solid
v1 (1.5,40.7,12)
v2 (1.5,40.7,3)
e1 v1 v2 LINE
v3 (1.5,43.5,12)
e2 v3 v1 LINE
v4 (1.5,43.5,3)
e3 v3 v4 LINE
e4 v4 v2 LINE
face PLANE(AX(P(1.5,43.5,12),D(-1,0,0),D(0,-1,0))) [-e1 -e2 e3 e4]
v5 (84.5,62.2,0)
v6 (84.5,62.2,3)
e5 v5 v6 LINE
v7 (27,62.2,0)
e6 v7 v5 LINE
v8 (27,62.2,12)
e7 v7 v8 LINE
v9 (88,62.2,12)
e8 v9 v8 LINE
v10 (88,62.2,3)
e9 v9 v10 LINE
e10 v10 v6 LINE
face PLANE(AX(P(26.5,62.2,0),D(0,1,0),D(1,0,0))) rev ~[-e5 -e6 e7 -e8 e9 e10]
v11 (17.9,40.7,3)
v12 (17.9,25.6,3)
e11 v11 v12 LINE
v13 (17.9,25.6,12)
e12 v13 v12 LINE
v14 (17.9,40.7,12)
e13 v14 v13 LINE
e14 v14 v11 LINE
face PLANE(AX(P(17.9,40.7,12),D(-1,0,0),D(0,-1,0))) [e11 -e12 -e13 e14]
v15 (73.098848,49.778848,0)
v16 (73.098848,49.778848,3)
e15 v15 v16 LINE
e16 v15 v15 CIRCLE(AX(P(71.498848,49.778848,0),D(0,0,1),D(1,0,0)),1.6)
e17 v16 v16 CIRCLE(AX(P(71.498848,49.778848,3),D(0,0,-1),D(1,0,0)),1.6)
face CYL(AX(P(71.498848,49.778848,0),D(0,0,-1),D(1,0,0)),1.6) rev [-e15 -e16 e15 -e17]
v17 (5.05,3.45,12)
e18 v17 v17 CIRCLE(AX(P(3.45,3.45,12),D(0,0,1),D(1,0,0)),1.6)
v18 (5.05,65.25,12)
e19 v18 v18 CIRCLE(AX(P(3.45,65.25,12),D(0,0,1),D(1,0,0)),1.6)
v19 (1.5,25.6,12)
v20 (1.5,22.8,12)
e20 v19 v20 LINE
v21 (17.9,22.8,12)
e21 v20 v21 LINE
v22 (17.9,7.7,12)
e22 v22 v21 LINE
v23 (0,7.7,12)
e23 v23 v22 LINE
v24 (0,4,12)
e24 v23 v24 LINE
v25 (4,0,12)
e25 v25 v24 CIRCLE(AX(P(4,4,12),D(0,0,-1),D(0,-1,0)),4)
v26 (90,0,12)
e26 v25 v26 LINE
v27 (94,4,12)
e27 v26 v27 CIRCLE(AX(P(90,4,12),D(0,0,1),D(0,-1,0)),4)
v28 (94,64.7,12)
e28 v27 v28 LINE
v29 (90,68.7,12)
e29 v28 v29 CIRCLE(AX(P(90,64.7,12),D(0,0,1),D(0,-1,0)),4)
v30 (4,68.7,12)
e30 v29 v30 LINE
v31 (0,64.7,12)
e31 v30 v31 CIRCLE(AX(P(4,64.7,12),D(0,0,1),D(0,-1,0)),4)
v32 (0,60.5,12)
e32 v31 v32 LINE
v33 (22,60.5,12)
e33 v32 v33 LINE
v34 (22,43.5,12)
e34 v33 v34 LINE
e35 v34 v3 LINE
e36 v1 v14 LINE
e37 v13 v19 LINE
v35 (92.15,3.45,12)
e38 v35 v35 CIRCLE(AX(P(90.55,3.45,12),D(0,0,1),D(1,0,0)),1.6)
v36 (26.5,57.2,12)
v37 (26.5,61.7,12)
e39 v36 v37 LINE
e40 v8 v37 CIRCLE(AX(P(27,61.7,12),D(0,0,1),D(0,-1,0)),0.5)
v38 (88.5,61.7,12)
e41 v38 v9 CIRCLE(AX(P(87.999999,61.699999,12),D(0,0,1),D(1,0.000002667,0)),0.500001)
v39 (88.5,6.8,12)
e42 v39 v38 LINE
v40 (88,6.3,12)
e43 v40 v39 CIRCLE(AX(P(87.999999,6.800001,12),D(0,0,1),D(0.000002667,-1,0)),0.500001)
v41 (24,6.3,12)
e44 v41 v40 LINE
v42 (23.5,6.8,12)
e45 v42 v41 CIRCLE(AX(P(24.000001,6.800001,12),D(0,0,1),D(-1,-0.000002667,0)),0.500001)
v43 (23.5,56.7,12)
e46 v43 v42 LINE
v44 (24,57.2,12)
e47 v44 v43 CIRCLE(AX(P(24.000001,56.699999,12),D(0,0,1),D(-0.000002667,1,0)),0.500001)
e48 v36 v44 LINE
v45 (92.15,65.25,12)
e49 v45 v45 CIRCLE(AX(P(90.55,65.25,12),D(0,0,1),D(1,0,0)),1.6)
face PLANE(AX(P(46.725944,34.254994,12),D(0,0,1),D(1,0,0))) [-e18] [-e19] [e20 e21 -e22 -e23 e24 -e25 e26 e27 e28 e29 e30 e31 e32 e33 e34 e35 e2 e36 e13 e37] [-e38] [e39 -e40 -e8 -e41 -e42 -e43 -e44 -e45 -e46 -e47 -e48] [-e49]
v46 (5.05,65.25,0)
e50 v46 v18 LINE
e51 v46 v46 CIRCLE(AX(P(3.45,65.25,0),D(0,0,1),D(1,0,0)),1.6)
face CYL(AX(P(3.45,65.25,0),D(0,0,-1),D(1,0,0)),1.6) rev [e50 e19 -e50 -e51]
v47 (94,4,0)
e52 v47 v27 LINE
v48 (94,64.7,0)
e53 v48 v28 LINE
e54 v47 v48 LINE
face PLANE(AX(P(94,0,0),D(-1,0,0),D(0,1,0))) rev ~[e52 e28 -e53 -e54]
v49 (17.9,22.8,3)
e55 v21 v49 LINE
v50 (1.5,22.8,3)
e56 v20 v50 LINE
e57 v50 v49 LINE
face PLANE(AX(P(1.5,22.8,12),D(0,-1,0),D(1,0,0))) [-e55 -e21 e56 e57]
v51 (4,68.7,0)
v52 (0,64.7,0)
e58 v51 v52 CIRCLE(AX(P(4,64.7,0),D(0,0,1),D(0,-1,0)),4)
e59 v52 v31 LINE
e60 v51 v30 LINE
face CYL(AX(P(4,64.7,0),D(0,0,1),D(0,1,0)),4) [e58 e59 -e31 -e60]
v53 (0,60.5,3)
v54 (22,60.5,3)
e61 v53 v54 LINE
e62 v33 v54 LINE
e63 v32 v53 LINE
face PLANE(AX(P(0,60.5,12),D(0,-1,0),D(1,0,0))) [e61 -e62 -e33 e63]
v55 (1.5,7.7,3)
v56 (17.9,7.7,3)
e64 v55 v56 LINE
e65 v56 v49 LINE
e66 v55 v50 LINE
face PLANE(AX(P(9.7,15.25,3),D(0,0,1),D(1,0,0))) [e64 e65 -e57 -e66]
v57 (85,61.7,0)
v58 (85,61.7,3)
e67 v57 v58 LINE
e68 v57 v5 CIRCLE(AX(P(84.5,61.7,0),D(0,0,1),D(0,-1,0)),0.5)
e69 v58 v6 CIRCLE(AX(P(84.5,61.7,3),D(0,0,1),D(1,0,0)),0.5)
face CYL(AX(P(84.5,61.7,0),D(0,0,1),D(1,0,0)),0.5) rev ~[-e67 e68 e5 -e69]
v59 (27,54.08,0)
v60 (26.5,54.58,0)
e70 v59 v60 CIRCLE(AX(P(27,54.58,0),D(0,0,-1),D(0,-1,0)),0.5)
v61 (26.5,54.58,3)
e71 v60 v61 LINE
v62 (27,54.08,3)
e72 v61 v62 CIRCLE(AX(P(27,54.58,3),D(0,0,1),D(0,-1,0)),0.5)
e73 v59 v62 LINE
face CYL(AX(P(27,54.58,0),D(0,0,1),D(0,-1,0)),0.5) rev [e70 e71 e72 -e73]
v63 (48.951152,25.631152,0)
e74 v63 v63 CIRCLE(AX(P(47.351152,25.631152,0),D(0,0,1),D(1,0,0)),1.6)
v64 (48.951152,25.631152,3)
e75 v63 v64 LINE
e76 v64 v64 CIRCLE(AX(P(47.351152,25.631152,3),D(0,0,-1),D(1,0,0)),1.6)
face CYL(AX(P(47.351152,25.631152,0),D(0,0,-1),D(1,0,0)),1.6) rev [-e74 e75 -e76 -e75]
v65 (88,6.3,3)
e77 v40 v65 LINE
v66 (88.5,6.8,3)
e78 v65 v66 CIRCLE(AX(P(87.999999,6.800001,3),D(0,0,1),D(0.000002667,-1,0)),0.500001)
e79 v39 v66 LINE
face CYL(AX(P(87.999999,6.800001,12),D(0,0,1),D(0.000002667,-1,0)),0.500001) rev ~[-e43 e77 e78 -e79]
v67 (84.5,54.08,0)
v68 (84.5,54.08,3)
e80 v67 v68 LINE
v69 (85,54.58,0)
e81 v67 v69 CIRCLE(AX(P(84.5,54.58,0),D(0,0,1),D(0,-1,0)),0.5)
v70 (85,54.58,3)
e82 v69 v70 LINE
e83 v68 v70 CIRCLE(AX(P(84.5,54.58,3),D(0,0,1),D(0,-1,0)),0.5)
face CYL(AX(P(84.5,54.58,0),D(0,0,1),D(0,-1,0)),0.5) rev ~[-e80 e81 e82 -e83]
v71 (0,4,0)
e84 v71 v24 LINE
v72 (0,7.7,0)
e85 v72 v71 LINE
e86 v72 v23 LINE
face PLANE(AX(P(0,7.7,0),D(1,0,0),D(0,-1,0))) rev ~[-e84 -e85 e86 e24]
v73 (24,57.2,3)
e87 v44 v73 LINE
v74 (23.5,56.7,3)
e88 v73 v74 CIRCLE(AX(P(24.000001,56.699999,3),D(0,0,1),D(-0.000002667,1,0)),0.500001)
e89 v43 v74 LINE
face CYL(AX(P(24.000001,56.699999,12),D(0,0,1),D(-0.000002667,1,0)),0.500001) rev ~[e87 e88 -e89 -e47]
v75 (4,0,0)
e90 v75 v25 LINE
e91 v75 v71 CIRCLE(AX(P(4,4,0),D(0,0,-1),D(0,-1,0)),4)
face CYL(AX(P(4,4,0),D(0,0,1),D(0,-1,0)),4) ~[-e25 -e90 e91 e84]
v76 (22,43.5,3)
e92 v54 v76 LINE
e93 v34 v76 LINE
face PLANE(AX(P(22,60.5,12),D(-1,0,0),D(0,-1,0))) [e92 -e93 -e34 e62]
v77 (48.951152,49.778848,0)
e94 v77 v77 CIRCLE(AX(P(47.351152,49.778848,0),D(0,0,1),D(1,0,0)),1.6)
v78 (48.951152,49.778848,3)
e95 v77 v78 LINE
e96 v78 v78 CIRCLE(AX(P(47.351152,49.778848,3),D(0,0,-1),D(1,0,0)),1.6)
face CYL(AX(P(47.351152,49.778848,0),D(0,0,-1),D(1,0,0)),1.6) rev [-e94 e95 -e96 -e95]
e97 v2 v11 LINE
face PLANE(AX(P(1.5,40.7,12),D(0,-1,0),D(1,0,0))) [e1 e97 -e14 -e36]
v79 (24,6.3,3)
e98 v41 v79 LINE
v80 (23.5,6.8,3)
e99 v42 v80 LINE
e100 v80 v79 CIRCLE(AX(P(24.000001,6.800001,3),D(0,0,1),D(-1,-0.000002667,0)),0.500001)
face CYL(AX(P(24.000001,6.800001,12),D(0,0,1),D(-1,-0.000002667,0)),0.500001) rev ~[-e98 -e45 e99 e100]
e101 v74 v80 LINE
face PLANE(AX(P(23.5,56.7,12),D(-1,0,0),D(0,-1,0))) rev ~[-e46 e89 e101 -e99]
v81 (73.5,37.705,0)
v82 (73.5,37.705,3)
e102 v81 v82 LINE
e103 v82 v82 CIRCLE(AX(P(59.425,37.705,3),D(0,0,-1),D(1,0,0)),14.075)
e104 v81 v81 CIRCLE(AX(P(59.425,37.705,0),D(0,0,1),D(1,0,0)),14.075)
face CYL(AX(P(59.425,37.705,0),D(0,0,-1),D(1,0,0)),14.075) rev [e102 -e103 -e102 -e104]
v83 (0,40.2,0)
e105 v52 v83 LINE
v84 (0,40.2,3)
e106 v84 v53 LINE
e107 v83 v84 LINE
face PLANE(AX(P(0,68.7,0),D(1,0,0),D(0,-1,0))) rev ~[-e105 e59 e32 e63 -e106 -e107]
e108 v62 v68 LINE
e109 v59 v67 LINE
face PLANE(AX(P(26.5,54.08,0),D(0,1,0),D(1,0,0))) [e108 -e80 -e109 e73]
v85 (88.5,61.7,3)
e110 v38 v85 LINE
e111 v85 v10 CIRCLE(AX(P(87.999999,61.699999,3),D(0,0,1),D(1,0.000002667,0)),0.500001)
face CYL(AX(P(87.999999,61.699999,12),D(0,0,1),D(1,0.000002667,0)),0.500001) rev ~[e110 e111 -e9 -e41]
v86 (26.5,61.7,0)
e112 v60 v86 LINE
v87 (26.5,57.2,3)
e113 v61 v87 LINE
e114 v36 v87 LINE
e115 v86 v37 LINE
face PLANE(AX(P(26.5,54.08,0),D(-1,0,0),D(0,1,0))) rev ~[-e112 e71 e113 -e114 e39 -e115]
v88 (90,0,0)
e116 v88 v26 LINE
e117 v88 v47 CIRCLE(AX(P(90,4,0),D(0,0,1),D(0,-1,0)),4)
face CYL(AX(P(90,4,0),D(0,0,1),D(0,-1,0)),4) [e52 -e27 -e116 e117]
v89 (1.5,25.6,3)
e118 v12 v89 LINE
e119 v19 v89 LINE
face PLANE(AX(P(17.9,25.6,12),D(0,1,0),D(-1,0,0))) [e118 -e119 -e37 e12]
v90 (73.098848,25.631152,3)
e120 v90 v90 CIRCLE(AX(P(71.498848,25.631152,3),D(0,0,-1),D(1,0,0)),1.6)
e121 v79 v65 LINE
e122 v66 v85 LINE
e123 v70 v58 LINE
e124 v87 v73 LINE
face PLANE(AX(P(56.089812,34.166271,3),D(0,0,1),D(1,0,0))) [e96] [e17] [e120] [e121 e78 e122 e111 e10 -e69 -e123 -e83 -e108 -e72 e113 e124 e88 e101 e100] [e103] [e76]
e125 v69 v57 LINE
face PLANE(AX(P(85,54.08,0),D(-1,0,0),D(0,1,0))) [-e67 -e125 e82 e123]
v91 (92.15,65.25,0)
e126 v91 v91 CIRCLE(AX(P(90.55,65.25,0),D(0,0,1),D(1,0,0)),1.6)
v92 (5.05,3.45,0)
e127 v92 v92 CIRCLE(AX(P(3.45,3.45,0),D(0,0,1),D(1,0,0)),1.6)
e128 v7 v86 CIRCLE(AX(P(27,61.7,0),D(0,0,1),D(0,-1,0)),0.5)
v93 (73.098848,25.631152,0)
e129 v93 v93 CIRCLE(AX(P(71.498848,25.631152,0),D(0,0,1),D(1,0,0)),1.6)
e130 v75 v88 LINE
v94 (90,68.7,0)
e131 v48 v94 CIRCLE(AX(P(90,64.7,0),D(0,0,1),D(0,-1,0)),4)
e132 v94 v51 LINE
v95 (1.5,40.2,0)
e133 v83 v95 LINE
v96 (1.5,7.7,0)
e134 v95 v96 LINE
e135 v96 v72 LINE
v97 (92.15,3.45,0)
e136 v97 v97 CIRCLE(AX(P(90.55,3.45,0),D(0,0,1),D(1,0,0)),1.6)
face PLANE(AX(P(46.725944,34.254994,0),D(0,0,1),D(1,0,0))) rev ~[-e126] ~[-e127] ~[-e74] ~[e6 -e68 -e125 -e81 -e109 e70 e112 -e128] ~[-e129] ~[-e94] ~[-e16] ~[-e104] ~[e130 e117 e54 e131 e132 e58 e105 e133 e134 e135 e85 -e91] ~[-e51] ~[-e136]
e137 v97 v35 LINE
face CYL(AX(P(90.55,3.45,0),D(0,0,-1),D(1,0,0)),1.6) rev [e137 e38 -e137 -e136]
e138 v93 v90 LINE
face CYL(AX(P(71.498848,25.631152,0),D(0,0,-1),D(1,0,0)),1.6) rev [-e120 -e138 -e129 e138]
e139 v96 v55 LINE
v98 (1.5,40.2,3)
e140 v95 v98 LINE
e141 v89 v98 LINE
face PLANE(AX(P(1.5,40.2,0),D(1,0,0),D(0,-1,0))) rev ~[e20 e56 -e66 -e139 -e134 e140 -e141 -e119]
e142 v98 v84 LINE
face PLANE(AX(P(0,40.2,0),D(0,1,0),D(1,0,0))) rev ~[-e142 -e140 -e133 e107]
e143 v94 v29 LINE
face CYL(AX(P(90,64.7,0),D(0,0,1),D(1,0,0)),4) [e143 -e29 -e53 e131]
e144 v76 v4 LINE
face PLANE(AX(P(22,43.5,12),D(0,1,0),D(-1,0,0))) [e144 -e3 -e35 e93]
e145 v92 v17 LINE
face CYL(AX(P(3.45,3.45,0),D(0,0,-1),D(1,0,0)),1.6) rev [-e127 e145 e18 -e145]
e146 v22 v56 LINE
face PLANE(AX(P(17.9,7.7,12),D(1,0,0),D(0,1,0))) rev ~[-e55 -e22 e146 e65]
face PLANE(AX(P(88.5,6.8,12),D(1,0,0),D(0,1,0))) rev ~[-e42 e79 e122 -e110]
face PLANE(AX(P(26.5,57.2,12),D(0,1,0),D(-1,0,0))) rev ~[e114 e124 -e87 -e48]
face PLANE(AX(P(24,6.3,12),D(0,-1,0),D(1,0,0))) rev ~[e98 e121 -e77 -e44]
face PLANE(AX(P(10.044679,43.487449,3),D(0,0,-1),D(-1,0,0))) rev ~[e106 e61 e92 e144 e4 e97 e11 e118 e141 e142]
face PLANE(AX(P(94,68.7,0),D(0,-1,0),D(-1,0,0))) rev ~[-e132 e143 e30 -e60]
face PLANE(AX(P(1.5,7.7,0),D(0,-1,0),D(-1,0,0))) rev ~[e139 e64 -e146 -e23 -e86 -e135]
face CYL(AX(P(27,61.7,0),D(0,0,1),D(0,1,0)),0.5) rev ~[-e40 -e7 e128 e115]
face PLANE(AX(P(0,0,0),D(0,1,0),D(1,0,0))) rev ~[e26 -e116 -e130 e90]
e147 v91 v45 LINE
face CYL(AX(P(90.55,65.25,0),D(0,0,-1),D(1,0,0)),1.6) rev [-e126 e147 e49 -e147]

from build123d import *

# Parameters (mm, degrees)
SKETCH_R     = 1.6
SKETCH_R_2   = 14.075
SKETCH_W     = 58.5
SKETCH_H     = 8.12
PAD_DEPTH    = 12
FILLET_R     = 0.5
FILLET001_R  = 4
SKETCH001_W  = 16.4
SKETCH001_H  = 15.1
POCKET_DEPTH = 9


with BuildPart() as part:
    # Sketch → Pad (new body)
    with BuildSketch(Plane.XY):
        Polygon((0, 0), (94, 0), (94, 68.7), (0, 68.7), (0, 40.2), (1.5, 40.2), (1.5, 7.7), (0, 7.7), align=None)
        with Locations((3.45, 65.25)):
            Circle(SKETCH_R, mode=Mode.SUBTRACT)
        with Locations((90.55, 65.25)):
            Circle(SKETCH_R, mode=Mode.SUBTRACT)
        with Locations((90.55, 3.45)):
            Circle(SKETCH_R, mode=Mode.SUBTRACT)
        with Locations((3.45, 3.45)):
            Circle(SKETCH_R, mode=Mode.SUBTRACT)
        with Locations((59.425, 37.705)):
            Circle(SKETCH_R_2, mode=Mode.SUBTRACT)
        with Locations((47.351152, 25.631152)):
            Circle(SKETCH_R, mode=Mode.SUBTRACT)
        with Locations((71.498848, 25.631152)):
            Circle(SKETCH_R, mode=Mode.SUBTRACT)
        with Locations((71.498848, 49.778848)):
            Circle(SKETCH_R, mode=Mode.SUBTRACT)
        with Locations((47.351152, 49.778848)):
            Circle(SKETCH_R, mode=Mode.SUBTRACT)
        with Locations((55.75, 58.14)):
            Rectangle(SKETCH_W, SKETCH_H, mode=Mode.SUBTRACT)
    extrude(amount=PAD_DEPTH)

    # Fillet
    fillet_edges = [part.edges().sort_by_distance(p)[0] for p in [
        (85, 62.2, 6),
        (85, 54.08, 6),
        (26.5, 54.08, 6),
        (26.5, 62.2, 6),
    ]]
    fillet(fillet_edges, radius=FILLET_R)

    # Fillet001
    fillet001_edges = [part.edges().sort_by_distance(p)[0] for p in [
        (0, 68.7, 6),
        (94, 68.7, 6),
        (94, 0, 6),
        (0, 0, 6),
    ]]
    fillet(fillet001_edges, radius=FILLET001_R)

    # Sketch001 (on Face31 of Fillet001) → Pocket (cut)
    with BuildSketch(Plane.XY.offset(12)):
        with BuildLine():
            Line((26.5, 61.7), (26.5, 57.2))
            Line((26.5, 57.2), (24, 57.2))
            ThreePointArc((24, 57.2), (23.646447, 57.053553), (23.5, 56.7))
            Line((23.5, 56.7), (23.5, 6.8))
            ThreePointArc((23.5, 6.8), (23.646447, 6.446447), (24, 6.3))
            Line((24, 6.3), (88, 6.3))
            ThreePointArc((88, 6.3), (88.353553, 6.446447), (88.5, 6.8))
            Line((88.5, 6.8), (88.5, 61.7))
            ThreePointArc((88.5, 61.7), (88.353553, 62.053553), (88, 62.2))
            Line((88, 62.2), (27, 62.2))
            ThreePointArc((27, 62.2), (26.646447, 62.053553), (26.5, 61.7))
        make_face()
        Polygon((0, 60.5), (22, 60.5), (22, 43.5), (1.5, 43.5), (1.5, 40.7), (17.9, 40.7), (17.9, 25.6), (1.5, 25.6), (1.5, 40.2), (0, 40.2), align=None)
        with Locations((9.7, 15.25)):
            Rectangle(SKETCH001_W, SKETCH001_H)
    extrude(amount=-POCKET_DEPTH, mode=Mode.SUBTRACT)


solid = part.part
